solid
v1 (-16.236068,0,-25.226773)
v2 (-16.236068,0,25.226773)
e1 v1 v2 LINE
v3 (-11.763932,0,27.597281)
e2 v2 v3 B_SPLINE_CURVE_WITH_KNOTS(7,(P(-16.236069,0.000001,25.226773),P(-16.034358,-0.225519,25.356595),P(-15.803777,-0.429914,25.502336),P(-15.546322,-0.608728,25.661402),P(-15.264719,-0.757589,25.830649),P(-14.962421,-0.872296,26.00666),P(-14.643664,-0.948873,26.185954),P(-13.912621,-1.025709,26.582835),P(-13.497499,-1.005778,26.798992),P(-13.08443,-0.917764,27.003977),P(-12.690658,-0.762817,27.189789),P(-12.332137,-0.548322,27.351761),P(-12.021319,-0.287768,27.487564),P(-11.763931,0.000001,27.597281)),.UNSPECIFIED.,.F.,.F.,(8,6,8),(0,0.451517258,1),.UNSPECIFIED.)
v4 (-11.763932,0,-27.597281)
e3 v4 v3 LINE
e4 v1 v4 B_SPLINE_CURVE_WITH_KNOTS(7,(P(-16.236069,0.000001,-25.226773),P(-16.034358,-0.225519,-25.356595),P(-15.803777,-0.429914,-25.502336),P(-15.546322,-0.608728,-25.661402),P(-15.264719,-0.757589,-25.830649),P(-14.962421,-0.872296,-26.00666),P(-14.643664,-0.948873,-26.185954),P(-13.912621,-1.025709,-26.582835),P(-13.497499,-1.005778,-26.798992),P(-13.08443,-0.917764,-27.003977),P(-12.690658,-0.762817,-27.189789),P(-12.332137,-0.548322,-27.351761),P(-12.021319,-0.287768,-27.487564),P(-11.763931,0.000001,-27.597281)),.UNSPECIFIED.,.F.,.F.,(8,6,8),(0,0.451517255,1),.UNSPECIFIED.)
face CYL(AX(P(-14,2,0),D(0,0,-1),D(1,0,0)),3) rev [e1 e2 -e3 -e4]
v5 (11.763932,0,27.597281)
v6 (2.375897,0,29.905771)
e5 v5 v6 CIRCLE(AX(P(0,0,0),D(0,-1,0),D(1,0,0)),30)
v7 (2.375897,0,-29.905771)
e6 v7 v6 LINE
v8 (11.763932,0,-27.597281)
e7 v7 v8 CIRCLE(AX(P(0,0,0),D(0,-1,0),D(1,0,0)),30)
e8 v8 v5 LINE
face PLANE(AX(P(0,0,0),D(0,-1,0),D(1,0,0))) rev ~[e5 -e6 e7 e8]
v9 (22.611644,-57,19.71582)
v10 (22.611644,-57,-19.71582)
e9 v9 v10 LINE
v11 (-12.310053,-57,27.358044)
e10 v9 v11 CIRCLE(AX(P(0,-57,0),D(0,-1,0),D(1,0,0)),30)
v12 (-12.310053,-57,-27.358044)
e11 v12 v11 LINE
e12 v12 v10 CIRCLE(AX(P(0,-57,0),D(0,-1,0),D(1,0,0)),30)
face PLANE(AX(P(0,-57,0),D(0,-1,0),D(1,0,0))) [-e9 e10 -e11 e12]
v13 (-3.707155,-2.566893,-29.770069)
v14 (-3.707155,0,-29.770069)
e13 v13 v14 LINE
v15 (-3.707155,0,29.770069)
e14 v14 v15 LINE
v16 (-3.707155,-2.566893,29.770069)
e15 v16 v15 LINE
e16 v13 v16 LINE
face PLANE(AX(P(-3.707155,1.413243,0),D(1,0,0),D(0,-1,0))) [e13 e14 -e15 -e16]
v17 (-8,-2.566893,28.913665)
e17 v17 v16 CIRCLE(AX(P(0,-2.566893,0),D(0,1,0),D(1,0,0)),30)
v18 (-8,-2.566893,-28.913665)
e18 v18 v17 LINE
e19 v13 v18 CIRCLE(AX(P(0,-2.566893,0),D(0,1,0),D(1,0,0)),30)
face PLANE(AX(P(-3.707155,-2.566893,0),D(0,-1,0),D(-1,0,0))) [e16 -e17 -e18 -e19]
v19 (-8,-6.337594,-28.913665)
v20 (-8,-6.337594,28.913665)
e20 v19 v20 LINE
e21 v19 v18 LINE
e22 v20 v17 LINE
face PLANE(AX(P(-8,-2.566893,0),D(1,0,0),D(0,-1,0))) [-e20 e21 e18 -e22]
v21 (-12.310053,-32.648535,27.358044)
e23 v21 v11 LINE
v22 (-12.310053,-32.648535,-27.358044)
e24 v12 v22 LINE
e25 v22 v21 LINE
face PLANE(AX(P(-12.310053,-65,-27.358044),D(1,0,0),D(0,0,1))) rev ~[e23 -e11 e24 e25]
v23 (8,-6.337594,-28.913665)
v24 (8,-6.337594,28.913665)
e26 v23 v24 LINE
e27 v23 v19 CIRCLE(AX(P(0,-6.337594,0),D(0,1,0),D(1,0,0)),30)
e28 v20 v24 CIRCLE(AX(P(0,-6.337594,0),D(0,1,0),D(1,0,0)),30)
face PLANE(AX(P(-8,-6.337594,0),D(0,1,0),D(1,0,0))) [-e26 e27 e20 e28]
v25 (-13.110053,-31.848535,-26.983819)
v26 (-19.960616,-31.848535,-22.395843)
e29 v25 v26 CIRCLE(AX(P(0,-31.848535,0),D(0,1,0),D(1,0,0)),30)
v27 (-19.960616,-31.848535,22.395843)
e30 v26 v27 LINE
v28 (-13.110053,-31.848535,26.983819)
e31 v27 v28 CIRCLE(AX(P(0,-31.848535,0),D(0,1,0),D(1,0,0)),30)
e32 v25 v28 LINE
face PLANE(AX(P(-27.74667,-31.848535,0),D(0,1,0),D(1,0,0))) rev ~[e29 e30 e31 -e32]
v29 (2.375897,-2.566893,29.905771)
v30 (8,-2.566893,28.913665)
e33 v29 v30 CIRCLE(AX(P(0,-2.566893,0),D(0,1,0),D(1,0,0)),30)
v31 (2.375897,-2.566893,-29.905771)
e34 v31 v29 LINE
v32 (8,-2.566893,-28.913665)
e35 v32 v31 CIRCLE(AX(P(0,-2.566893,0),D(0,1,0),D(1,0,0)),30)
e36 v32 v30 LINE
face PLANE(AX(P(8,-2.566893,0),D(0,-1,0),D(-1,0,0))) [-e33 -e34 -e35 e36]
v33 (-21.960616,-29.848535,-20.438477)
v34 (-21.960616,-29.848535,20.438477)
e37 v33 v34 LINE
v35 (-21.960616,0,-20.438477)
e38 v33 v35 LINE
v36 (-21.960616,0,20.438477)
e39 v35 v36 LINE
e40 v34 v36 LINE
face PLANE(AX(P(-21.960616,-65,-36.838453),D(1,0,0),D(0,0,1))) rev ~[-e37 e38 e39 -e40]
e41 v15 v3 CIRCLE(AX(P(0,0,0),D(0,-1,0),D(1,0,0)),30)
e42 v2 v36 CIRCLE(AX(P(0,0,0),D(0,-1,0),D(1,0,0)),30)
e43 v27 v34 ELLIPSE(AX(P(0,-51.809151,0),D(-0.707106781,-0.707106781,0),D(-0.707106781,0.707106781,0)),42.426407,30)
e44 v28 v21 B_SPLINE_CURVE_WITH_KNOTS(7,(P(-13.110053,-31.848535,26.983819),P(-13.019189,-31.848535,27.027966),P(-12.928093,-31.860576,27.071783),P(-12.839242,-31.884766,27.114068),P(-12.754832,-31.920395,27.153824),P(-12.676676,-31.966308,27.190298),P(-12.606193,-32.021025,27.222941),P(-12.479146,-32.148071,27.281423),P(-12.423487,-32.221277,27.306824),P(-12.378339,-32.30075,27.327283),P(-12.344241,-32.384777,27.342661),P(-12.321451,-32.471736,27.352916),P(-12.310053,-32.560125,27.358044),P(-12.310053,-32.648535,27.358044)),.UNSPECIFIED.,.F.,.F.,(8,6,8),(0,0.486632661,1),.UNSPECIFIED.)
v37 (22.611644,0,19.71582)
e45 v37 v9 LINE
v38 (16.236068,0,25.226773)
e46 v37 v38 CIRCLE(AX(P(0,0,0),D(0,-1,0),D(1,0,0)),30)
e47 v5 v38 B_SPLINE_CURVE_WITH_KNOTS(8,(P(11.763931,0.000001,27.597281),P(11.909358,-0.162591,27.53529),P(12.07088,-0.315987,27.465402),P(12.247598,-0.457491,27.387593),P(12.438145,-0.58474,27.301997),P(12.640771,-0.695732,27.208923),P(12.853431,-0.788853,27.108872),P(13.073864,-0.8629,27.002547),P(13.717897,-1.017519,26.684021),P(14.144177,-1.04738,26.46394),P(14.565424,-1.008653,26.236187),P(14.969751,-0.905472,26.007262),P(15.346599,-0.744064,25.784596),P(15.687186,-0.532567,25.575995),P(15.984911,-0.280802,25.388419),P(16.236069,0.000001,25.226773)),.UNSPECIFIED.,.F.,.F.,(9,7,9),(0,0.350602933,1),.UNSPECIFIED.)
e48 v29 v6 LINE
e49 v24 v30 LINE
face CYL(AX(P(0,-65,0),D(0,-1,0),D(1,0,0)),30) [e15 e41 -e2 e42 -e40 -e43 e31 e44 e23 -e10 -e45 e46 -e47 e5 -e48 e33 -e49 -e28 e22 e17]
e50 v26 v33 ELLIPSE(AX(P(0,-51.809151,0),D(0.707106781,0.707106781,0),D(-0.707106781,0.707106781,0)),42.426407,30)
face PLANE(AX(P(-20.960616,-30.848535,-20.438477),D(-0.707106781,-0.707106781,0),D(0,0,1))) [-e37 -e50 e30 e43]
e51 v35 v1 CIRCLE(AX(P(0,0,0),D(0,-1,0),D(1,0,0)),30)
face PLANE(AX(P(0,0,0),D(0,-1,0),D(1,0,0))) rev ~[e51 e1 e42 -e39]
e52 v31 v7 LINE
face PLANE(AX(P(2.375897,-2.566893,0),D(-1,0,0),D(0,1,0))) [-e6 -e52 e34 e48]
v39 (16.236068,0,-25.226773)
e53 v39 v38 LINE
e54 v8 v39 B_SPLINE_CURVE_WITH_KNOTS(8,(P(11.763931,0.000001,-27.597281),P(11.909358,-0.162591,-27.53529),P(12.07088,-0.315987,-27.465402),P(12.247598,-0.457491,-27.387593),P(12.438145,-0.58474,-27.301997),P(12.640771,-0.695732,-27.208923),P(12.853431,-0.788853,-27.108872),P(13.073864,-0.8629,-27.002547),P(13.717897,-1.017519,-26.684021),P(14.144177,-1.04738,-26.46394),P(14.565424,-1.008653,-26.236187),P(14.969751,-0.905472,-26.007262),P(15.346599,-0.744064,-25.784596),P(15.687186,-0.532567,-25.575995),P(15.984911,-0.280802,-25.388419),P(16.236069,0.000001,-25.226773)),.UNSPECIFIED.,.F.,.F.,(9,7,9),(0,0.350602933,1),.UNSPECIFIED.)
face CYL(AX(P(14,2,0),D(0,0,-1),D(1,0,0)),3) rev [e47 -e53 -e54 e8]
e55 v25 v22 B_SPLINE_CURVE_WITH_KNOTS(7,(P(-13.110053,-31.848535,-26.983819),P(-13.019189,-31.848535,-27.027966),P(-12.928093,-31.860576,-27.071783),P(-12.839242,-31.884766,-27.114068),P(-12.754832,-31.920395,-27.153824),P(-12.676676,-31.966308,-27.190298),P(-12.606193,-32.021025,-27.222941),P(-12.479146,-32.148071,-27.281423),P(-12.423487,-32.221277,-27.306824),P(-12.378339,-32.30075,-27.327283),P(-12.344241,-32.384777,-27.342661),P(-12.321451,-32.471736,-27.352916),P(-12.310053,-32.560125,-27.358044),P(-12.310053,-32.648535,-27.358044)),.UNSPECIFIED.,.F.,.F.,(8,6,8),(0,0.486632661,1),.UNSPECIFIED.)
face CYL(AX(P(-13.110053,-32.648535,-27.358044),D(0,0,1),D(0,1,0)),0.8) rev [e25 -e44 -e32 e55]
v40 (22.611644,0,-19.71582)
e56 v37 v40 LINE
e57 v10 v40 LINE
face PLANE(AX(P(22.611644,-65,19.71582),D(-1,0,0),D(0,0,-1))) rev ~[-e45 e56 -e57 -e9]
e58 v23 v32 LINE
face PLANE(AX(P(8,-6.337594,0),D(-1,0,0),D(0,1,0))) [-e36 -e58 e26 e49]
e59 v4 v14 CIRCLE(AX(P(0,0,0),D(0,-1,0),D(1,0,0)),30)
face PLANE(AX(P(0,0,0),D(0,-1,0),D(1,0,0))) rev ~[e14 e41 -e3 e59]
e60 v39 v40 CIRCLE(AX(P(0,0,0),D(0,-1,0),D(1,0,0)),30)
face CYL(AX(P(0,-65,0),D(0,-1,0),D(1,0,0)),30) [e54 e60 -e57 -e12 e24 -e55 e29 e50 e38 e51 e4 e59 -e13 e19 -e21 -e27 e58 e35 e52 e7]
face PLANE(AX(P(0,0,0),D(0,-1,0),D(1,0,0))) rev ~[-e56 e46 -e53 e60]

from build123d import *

# Parameters (mm, degrees)
F0_R           = 30
F1_DEPTH       = 65
F3_DEPTH       = 100
F5_DEPTH       = 30.001
F6_DEPTH       = 30.001
F7_W           = 15.4366167262
F7_H           = 36.5562289953
F8_DEPTH       = 30.001
F9_DEPTH       = 30.001
F10_SIZE       = 2
F11_R          = 0.8
F12_R          = 3
F13_DEPTH      = 30.0010001
F13_DEPTH_BACK = 40
F14_DEPTH      = 8
F15_DEPTH      = 8
F16_DEPTH      = 8


with BuildPart() as f1:
    # F0 (on Front) → F1 (new body)
    with BuildSketch(Plane.XZ):
        Circle(F0_R)
    extrude(amount=F1_DEPTH)

    # F2 (on face) → F3 (cut)
    with BuildSketch(Plane.XZ.offset(65)):
        Polygon((-21.9606160964, -36.838453263), (-21.9606160964, 0), (-21.9606160964, 35.5276139707), (-38.4832583368, 35.5276139707), (-38.4832583368, -36.838453263), align=None)
        Polygon((48.3217574656, 35.5276139707), (22.611644119, 35.5276139707), (22.611644119, -36.6470105946), (22.611644119, -36.838453263), (48.3217574656, -36.838453263), align=None)
    extrude(amount=-F3_DEPTH, mode=Mode.SUBTRACT)

    # F4 (on Top) → F5 (cut, through all)
    with BuildSketch(Plane.XY):
        Polygon((-3.7071546579, 1.4132426067), (-3.7071546579, 0), (-3.7071546579, -2.5668929264), (-8, -2.5668929264), (-8, -6.3375936387), (8, -6.3375936387), (8, -2.5668929264), (2.3758972687, -2.5668929264), (2.3758972687, 0), (2.3758972687, 1.4132426067), align=None)
    extrude(amount=F5_DEPTH, mode=Mode.SUBTRACT)

    # F4 (on Top) → F6 (cut, through all)
    with BuildSketch(Plane.XY):
        Polygon((-3.7071546579, 1.4132426067), (-3.7071546579, 0), (-3.7071546579, -2.5668929264), (-8, -2.5668929264), (-8, -6.3375936387), (8, -6.3375936387), (8, -2.5668929264), (2.3758972687, -2.5668929264), (2.3758972687, 0), (2.3758972687, 1.4132426067), align=None)
    extrude(amount=-F6_DEPTH, mode=Mode.SUBTRACT)

    # F7 (on Top) → F8 (cut, through all)
    with BuildSketch(Plane.XY):
        with Locations((-20.028361585, -50.1266494393)):
            Rectangle(F7_W, F7_H)
    extrude(amount=-F8_DEPTH, mode=Mode.SUBTRACT)

    # F7 (on Top) → F9 (cut, through all)
    with BuildSketch(Plane.XY):
        with Locations((-20.028361585, -50.1266494393)):
            Rectangle(F7_W, F7_H)
    extrude(amount=F9_DEPTH, mode=Mode.SUBTRACT)

    # F10
    f10_edges = [f1.edges().sort_by_distance(p)[0] for p in [
        (-21.960616, -31.848535, 0),
    ]]
    chamfer(f10_edges, length=F10_SIZE)

    # F11
    f11_edges = [f1.edges().sort_by_distance(p)[0] for p in [
        (-12.310053, -31.848535, 0),
    ]]
    fillet(f11_edges, radius=F11_R)

    # F12 (on Top) → F13 (cut, two sides)
    with BuildSketch(Plane.XY) as f13_sk:
        with Locations((-14, 2)):
            Circle(F12_R)
        with Locations((14, 2)):
            Circle(F12_R)
    extrude(amount=F13_DEPTH, mode=Mode.SUBTRACT)
    extrude(f13_sk.sketch, amount=-F13_DEPTH_BACK, mode=Mode.SUBTRACT)

    # F14 (add): a face of the model
    f14_faces = [f1.faces().sort_by_distance(p)[0] for p in [
        (4.422443075, -65, 0),
    ]]
    extrude(f14_faces, amount=-F14_DEPTH)

    # F15 (add): a face of the model
    f15_faces = [f1.faces().sort_by_distance(p)[0] for p in [
        (4.422443075, -65, 0),
    ]]
    extrude(f15_faces, amount=-F15_DEPTH)

    # F16 (cut): a face of the model
    f16_faces = [f1.faces().sort_by_distance(p)[0] for p in [
        (4.422443075, -65, 0),
    ]]
    extrude(f16_faces, amount=-F16_DEPTH, mode=Mode.SUBTRACT)


solid = f1.part
